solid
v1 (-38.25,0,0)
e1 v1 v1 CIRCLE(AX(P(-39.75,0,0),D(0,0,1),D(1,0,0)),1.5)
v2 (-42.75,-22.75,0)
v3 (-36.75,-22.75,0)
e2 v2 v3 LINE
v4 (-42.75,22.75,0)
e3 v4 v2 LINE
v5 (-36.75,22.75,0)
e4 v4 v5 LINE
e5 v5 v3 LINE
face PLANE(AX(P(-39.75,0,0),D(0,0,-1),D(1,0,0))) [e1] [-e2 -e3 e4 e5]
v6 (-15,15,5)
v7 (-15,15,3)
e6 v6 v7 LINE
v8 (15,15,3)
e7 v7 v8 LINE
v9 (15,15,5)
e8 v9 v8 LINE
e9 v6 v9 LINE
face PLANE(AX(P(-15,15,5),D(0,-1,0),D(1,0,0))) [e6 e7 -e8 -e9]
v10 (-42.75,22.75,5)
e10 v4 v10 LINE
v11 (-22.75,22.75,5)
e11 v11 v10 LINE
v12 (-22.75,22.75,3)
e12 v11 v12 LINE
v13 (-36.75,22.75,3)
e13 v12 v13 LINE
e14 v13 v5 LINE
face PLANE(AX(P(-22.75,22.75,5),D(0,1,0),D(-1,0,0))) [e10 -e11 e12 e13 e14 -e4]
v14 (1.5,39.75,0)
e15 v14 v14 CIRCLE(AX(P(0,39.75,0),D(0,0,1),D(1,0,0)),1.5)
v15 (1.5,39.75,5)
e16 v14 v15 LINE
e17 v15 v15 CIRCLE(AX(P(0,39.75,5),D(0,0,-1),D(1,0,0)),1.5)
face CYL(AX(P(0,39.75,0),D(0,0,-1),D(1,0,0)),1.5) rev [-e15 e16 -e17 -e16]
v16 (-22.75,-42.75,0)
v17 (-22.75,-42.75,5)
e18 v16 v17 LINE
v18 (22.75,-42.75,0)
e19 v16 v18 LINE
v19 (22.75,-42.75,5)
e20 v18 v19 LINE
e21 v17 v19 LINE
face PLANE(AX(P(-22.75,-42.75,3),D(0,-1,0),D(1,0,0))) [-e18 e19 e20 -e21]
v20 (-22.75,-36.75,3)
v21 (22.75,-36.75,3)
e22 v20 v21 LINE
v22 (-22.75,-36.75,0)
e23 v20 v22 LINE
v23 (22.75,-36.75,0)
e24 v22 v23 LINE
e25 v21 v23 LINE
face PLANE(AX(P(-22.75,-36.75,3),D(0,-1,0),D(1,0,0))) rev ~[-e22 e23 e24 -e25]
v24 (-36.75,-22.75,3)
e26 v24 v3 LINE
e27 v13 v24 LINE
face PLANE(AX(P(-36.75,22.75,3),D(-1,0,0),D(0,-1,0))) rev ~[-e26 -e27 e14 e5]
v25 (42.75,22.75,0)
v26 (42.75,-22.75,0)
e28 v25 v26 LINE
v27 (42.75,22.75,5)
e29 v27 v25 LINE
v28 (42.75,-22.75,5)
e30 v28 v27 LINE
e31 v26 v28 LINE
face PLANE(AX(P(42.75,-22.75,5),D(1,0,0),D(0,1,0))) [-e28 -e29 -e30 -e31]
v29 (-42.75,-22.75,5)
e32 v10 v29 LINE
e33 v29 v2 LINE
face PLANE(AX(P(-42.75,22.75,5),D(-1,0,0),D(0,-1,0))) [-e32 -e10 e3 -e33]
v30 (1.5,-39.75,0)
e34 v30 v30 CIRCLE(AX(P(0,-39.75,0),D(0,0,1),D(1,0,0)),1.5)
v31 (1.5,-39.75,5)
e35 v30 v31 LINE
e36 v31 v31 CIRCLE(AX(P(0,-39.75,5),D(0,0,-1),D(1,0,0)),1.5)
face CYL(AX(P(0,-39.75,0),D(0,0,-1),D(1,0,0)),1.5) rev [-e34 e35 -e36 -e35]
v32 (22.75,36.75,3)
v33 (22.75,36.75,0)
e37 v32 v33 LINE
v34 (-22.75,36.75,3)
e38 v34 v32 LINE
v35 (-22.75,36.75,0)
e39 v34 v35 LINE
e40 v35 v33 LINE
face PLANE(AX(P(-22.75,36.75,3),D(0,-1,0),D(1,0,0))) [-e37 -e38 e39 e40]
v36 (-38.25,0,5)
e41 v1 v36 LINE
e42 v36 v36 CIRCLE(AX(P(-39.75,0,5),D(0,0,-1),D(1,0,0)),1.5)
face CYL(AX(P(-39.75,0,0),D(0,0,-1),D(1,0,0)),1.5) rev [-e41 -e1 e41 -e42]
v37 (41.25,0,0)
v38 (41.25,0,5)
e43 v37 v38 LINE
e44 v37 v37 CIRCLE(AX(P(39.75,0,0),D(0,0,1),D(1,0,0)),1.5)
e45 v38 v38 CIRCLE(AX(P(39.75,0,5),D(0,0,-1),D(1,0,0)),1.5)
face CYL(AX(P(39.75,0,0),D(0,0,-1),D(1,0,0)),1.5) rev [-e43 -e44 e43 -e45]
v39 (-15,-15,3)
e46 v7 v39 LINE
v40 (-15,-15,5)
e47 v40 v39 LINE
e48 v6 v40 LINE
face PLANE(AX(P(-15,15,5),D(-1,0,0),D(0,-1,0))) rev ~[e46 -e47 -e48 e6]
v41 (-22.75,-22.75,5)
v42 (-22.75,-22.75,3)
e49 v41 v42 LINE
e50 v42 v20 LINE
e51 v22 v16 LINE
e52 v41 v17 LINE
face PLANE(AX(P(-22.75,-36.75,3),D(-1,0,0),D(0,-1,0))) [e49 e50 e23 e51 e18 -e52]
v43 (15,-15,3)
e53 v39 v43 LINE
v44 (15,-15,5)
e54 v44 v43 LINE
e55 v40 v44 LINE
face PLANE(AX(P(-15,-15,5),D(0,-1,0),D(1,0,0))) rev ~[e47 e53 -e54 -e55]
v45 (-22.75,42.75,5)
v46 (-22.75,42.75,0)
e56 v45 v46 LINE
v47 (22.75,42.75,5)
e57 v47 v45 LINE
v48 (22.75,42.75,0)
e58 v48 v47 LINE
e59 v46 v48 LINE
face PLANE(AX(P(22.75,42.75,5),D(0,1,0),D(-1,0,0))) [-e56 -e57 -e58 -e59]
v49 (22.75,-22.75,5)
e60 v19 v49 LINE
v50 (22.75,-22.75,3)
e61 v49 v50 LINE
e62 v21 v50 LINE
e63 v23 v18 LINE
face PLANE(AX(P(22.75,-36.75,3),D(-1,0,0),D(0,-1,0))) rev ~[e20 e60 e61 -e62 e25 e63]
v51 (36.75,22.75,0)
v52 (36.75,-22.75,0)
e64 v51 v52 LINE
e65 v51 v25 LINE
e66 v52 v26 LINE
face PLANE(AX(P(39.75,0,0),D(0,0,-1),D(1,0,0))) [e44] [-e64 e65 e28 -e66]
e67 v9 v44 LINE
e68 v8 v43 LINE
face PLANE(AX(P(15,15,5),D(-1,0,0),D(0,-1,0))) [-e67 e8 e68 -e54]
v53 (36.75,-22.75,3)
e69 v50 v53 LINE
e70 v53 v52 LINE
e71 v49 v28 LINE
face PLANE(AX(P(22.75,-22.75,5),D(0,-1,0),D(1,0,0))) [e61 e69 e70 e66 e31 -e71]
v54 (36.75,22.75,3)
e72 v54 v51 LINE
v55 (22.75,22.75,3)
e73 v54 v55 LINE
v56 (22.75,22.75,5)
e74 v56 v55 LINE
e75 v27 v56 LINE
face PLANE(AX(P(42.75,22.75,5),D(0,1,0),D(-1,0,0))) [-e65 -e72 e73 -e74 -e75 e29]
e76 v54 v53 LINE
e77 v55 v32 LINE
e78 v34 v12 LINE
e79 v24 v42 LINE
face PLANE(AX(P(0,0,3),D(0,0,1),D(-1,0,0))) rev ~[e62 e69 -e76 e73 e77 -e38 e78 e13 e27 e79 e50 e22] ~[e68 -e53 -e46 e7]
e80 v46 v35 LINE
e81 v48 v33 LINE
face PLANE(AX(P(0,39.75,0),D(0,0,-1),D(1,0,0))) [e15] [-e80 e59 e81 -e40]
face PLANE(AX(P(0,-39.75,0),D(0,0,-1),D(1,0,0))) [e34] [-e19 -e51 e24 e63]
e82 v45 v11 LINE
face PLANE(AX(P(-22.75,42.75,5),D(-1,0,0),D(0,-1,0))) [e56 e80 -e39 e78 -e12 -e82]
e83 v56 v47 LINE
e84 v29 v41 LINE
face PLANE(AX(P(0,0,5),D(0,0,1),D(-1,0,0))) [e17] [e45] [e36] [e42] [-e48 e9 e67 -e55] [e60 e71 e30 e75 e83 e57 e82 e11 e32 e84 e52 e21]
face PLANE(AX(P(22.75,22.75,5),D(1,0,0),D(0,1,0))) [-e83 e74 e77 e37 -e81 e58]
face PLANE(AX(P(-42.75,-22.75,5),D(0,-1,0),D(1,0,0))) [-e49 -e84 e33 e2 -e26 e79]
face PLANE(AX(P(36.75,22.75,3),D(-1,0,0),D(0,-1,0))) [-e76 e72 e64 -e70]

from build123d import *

# Parameters (mm, degrees)
SKETCH033_W             = 30
SKETCH033_H             = 30
PAD009008_DEPTH         = 2
SKETCH034_W             = 45.5
SKETCH034_H             = 6
SKETCH034_W_2           = 6
SKETCH034_H_2           = 45.5
PAD009009_DEPTH         = 3
SKETCH035_R             = 1.5
POCKET003006_DEPTH      = 0.001
POCKET003006_DEPTH_BACK = 5.001


with BuildPart() as part:
    # Sketch033 → Pad009008 (new body)
    with BuildSketch(Plane(origin=(0, 0, 5), x_dir=(1, 0, 0), z_dir=(0, 0, -1))):
        Polygon((-22.75, 42.75), (22.75, 42.75), (22.75, 22.75), (42.75, 22.75), (42.75, -22.75), (22.75, -22.75), (22.75, -42.75), (-22.75, -42.75), (-22.75, -22.75), (-42.75, -22.75), (-42.75, 22.75), (-22.75, 22.75), align=None)
        Rectangle(SKETCH033_W, SKETCH033_H, mode=Mode.SUBTRACT)
    extrude(amount=PAD009008_DEPTH)

    # Sketch034 → Pad009009 (join)
    with BuildSketch(Plane(origin=(0, 0, 3), x_dir=(1, 0, 0), z_dir=(0, 0, -1))):
        with Locations((0, 39.75)):
            Rectangle(SKETCH034_W, SKETCH034_H)
        with Locations((0, -39.75)):
            Rectangle(SKETCH034_W, SKETCH034_H)
        with Locations((-39.75, 0)):
            Rectangle(SKETCH034_W_2, SKETCH034_H_2)
        with Locations((39.75, 0)):
            Rectangle(SKETCH034_W_2, SKETCH034_H_2)
    extrude(amount=PAD009009_DEPTH)

    # Sketch035 → Pocket003006 (cut, two sides)
    with BuildSketch(Plane.XY) as pocket003006_sk:
        with Locations((-39.75, 0)):
            Circle(SKETCH035_R)
        with Locations((0, 39.75)):
            Circle(SKETCH035_R)
        with Locations((39.75, 0)):
            Circle(SKETCH035_R)
        with Locations((0, -39.75)):
            Circle(SKETCH035_R)
    extrude(amount=-POCKET003006_DEPTH, mode=Mode.SUBTRACT)
    extrude(pocket003006_sk.sketch, amount=POCKET003006_DEPTH_BACK, mode=Mode.SUBTRACT)


solid = part.part
